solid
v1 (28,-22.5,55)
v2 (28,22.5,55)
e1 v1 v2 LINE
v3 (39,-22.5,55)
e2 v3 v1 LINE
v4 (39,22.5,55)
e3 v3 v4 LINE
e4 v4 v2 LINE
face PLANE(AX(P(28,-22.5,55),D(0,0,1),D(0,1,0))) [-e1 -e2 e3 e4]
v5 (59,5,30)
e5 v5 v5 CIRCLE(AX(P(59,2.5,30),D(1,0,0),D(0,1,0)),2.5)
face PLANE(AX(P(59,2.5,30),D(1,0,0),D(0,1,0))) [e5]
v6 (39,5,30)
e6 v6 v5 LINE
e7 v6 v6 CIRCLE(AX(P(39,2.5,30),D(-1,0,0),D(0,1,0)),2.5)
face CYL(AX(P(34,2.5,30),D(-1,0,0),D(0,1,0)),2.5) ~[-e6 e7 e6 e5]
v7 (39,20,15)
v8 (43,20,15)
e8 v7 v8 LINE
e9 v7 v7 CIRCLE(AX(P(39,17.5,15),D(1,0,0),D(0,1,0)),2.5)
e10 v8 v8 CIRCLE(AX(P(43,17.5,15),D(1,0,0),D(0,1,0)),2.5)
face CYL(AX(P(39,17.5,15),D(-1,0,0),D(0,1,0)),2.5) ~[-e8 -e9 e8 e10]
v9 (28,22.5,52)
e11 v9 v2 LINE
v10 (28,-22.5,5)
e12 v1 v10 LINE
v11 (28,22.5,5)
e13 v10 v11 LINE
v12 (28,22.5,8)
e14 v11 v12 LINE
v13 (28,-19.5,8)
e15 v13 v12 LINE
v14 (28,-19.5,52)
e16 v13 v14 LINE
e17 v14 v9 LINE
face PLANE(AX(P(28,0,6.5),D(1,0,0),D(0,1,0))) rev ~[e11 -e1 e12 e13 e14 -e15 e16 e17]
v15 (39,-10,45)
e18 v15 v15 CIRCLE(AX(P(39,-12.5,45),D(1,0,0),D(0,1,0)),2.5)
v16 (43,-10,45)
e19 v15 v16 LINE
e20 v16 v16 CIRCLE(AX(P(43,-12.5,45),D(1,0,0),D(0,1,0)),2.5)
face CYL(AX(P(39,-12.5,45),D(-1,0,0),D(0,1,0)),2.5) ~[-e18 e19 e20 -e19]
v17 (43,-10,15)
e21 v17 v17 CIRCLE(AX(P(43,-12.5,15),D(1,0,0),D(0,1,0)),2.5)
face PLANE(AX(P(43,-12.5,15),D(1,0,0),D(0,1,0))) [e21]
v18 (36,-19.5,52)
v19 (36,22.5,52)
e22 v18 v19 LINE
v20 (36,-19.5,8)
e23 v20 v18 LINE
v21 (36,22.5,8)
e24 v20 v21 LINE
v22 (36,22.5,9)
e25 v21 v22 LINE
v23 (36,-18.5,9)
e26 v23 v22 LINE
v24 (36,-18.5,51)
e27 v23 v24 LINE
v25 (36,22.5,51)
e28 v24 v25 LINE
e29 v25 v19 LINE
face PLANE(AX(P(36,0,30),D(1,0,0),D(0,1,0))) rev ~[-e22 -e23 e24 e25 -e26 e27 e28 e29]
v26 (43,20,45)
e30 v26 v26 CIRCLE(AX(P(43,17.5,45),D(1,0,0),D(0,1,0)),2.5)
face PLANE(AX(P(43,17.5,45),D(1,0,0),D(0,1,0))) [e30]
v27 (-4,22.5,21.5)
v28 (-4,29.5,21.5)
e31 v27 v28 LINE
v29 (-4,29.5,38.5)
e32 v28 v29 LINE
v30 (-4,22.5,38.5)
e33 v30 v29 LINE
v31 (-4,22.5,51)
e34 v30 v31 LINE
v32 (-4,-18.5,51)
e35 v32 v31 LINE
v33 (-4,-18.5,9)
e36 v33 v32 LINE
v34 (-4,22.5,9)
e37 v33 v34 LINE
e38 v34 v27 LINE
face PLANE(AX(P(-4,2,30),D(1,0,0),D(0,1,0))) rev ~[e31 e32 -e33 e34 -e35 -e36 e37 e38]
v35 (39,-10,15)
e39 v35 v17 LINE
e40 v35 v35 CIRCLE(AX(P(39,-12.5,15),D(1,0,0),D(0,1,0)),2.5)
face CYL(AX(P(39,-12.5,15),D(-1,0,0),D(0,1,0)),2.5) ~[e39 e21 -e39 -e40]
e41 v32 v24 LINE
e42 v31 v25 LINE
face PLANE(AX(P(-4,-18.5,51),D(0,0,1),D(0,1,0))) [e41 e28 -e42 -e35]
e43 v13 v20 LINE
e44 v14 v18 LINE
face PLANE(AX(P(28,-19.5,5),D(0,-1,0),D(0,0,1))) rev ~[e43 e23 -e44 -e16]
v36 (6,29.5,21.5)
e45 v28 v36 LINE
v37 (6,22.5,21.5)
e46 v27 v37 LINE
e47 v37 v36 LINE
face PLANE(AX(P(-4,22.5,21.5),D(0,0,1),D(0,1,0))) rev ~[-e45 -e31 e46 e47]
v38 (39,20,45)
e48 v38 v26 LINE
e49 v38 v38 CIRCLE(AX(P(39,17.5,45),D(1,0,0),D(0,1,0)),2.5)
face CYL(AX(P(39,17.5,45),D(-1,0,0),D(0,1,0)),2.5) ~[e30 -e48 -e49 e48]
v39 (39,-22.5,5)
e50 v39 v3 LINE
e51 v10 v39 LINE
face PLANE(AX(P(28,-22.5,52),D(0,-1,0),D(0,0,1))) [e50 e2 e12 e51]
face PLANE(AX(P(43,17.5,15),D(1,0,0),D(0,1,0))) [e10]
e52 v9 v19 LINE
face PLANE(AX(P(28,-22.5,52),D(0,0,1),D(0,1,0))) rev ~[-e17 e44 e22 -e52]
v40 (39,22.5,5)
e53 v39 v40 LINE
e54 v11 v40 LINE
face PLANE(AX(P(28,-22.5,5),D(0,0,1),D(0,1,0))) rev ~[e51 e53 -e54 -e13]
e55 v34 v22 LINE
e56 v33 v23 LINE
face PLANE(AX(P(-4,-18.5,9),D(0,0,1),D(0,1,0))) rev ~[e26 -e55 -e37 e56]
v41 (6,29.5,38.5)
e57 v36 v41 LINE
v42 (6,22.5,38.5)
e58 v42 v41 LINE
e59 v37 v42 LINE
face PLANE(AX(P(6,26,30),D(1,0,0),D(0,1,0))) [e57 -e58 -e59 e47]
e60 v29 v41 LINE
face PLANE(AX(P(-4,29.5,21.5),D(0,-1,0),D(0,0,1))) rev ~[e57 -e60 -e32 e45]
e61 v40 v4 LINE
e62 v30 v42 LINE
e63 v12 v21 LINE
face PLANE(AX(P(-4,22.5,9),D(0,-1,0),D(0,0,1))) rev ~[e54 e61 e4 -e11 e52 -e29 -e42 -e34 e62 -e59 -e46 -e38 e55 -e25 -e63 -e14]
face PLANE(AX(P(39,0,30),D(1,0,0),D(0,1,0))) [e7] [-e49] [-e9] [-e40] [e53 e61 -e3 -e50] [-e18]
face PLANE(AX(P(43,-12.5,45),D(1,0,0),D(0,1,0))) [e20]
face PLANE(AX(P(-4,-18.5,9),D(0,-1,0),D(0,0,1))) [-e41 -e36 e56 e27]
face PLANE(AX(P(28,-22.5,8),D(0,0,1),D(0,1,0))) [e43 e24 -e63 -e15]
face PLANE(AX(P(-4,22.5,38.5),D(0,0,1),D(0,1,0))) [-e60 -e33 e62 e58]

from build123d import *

# Parameters (mm, degrees)
BOX005_W                  = 41
BOX005_H                  = 42
BOX005_DEPTH              = 40
BOX004_W                  = 7
BOX004_H                  = 17
BOX004_DEPTH              = 10
CYLINDER003_R             = 2.5
CYLINDER003_DEPTH         = 25
CYLINDER002_R             = 2.5
CYLINDER002_DEPTH         = 4
BOX006_W                  = 45
BOX006_H                  = 3
BOX006_DEPTH              = 8
BOX007_W                  = 3
BOX007_H                  = 50
BOX007_DEPTH              = 8
BOX003_W                  = 45
BOX003_H                  = 50
BOX003_DEPTH              = 3
FUSION002_ROLL_ANGLE      = 90
FUSION002_PLACEMENT_ANGLE = 90


with BuildPart() as base_motor:
    # Box005 → Box005 (new body)
    with BuildSketch(Plane(origin=(4, 4, 0), x_dir=(1, 0, 0), z_dir=(0, 0, 1))):
        with Locations((20.5, 21)):
            Rectangle(BOX005_W, BOX005_H)
    extrude(amount=BOX005_DEPTH)


with BuildPart() as alimentacion001:
    # Box004 → Box004 (new body)
    with BuildSketch(Plane(origin=(45, 16.5, 0), x_dir=(1, 0, 0), z_dir=(0, 0, 1))):
        with Locations((3.5, 8.5)):
            Rectangle(BOX004_W, BOX004_H)
    extrude(amount=BOX004_DEPTH)


with BuildPart() as motor:
    # Cylinder003 → Cylinder003 (new body)
    with BuildSketch(Plane(origin=(25, 25, 38), x_dir=(1, 0, 0), z_dir=(0, 0, 1))):
        Circle(CYLINDER003_R)
    extrude(amount=CYLINDER003_DEPTH)

    # Fusion003: union base motor, alimentacion001
    add(base_motor.part)
    add(alimentacion001.part)


with BuildPart() as tonillo_motor004:
    # Cylinder002 → Cylinder002 (new body)
    with BuildSketch(Plane(origin=(10, 10, 43), x_dir=(1, 0, 0), z_dir=(0, 0, 1))):
        Circle(CYLINDER002_R)
    extrude(amount=CYLINDER002_DEPTH)


with BuildPart() as tonillo_motor005:
    # Link003 base: copy of tonillo motor004
    add(tonillo_motor004.part)


with BuildPart() as tonillo_motor005_1:
    # Link003 placement: moved
    add(tonillo_motor005.part.moved(Location((30, 30, 0))))


with BuildPart() as tonillo_motor006:
    # Link004 base: copy of tonillo motor004
    add(tonillo_motor004.part)


with BuildPart() as tonillo_motor006_1:
    # Link004 placement: moved
    add(tonillo_motor006.part.moved(Location((30, 0, 0))))


with BuildPart() as tonillo_motor007:
    # Link005 base: copy of tonillo motor004
    add(tonillo_motor004.part)


with BuildPart() as tonillo_motor007_1:
    # Link005 placement: moved
    add(tonillo_motor007.part.moved(Location((0, 30, 0))))


with BuildPart() as lateral_izq:
    # Box006 → Box006 (new body)
    with BuildSketch(Plane.XY.offset(32)):
        with Locations((22.5, 1.5)):
            Rectangle(BOX006_W, BOX006_H)
    extrude(amount=BOX006_DEPTH)


with BuildPart() as lateral_der:
    # Link006 base: copy of lateral izq
    add(lateral_izq.part)


with BuildPart() as lateral_der_1:
    # Link006 placement: moved
    add(lateral_der.part.moved(Location((0, 47, 0))))


with BuildPart() as lateral_frente:
    # Box007 → Box007 (new body)
    with BuildSketch(Plane.XY.offset(32)):
        with Locations((1.5, 25)):
            Rectangle(BOX007_W, BOX007_H)
    extrude(amount=BOX007_DEPTH)


with BuildPart() as motor_completo:
    # Box003 → Box003 (new body)
    with BuildSketch(Plane.XY.offset(40)):
        with Locations((22.5, 25)):
            Rectangle(BOX003_W, BOX003_H)
    extrude(amount=BOX003_DEPTH)

    # Fusion004: union lateral izq, lateral der, lateral frente
    add(lateral_izq.part)
    add(lateral_der_1.part)
    add(lateral_frente.part)

    # Fusion002: union motor, tonillo motor005, tonillo motor006, tonillo motor007, tonillo motor004
    add(motor.part)
    add(tonillo_motor005_1.part)
    add(tonillo_motor006_1.part)
    add(tonillo_motor007_1.part)
    add(tonillo_motor004.part)


with BuildPart() as motor_completo_1:
    # Fusion002 roll: moved
    add(motor_completo.part.rotate(Axis((0, 0, 0), (1, 0, 0)), FUSION002_ROLL_ANGLE))


with BuildPart() as motor_completo_2:
    # Fusion002 placement: moved
    add(motor_completo_1.part.moved(Location((-4, -22.5, 5))).rotate(Axis((-4, -22.5, 5), (0, 0, 1)), FUSION002_PLACEMENT_ANGLE))


solid = motor_completo_2.part
